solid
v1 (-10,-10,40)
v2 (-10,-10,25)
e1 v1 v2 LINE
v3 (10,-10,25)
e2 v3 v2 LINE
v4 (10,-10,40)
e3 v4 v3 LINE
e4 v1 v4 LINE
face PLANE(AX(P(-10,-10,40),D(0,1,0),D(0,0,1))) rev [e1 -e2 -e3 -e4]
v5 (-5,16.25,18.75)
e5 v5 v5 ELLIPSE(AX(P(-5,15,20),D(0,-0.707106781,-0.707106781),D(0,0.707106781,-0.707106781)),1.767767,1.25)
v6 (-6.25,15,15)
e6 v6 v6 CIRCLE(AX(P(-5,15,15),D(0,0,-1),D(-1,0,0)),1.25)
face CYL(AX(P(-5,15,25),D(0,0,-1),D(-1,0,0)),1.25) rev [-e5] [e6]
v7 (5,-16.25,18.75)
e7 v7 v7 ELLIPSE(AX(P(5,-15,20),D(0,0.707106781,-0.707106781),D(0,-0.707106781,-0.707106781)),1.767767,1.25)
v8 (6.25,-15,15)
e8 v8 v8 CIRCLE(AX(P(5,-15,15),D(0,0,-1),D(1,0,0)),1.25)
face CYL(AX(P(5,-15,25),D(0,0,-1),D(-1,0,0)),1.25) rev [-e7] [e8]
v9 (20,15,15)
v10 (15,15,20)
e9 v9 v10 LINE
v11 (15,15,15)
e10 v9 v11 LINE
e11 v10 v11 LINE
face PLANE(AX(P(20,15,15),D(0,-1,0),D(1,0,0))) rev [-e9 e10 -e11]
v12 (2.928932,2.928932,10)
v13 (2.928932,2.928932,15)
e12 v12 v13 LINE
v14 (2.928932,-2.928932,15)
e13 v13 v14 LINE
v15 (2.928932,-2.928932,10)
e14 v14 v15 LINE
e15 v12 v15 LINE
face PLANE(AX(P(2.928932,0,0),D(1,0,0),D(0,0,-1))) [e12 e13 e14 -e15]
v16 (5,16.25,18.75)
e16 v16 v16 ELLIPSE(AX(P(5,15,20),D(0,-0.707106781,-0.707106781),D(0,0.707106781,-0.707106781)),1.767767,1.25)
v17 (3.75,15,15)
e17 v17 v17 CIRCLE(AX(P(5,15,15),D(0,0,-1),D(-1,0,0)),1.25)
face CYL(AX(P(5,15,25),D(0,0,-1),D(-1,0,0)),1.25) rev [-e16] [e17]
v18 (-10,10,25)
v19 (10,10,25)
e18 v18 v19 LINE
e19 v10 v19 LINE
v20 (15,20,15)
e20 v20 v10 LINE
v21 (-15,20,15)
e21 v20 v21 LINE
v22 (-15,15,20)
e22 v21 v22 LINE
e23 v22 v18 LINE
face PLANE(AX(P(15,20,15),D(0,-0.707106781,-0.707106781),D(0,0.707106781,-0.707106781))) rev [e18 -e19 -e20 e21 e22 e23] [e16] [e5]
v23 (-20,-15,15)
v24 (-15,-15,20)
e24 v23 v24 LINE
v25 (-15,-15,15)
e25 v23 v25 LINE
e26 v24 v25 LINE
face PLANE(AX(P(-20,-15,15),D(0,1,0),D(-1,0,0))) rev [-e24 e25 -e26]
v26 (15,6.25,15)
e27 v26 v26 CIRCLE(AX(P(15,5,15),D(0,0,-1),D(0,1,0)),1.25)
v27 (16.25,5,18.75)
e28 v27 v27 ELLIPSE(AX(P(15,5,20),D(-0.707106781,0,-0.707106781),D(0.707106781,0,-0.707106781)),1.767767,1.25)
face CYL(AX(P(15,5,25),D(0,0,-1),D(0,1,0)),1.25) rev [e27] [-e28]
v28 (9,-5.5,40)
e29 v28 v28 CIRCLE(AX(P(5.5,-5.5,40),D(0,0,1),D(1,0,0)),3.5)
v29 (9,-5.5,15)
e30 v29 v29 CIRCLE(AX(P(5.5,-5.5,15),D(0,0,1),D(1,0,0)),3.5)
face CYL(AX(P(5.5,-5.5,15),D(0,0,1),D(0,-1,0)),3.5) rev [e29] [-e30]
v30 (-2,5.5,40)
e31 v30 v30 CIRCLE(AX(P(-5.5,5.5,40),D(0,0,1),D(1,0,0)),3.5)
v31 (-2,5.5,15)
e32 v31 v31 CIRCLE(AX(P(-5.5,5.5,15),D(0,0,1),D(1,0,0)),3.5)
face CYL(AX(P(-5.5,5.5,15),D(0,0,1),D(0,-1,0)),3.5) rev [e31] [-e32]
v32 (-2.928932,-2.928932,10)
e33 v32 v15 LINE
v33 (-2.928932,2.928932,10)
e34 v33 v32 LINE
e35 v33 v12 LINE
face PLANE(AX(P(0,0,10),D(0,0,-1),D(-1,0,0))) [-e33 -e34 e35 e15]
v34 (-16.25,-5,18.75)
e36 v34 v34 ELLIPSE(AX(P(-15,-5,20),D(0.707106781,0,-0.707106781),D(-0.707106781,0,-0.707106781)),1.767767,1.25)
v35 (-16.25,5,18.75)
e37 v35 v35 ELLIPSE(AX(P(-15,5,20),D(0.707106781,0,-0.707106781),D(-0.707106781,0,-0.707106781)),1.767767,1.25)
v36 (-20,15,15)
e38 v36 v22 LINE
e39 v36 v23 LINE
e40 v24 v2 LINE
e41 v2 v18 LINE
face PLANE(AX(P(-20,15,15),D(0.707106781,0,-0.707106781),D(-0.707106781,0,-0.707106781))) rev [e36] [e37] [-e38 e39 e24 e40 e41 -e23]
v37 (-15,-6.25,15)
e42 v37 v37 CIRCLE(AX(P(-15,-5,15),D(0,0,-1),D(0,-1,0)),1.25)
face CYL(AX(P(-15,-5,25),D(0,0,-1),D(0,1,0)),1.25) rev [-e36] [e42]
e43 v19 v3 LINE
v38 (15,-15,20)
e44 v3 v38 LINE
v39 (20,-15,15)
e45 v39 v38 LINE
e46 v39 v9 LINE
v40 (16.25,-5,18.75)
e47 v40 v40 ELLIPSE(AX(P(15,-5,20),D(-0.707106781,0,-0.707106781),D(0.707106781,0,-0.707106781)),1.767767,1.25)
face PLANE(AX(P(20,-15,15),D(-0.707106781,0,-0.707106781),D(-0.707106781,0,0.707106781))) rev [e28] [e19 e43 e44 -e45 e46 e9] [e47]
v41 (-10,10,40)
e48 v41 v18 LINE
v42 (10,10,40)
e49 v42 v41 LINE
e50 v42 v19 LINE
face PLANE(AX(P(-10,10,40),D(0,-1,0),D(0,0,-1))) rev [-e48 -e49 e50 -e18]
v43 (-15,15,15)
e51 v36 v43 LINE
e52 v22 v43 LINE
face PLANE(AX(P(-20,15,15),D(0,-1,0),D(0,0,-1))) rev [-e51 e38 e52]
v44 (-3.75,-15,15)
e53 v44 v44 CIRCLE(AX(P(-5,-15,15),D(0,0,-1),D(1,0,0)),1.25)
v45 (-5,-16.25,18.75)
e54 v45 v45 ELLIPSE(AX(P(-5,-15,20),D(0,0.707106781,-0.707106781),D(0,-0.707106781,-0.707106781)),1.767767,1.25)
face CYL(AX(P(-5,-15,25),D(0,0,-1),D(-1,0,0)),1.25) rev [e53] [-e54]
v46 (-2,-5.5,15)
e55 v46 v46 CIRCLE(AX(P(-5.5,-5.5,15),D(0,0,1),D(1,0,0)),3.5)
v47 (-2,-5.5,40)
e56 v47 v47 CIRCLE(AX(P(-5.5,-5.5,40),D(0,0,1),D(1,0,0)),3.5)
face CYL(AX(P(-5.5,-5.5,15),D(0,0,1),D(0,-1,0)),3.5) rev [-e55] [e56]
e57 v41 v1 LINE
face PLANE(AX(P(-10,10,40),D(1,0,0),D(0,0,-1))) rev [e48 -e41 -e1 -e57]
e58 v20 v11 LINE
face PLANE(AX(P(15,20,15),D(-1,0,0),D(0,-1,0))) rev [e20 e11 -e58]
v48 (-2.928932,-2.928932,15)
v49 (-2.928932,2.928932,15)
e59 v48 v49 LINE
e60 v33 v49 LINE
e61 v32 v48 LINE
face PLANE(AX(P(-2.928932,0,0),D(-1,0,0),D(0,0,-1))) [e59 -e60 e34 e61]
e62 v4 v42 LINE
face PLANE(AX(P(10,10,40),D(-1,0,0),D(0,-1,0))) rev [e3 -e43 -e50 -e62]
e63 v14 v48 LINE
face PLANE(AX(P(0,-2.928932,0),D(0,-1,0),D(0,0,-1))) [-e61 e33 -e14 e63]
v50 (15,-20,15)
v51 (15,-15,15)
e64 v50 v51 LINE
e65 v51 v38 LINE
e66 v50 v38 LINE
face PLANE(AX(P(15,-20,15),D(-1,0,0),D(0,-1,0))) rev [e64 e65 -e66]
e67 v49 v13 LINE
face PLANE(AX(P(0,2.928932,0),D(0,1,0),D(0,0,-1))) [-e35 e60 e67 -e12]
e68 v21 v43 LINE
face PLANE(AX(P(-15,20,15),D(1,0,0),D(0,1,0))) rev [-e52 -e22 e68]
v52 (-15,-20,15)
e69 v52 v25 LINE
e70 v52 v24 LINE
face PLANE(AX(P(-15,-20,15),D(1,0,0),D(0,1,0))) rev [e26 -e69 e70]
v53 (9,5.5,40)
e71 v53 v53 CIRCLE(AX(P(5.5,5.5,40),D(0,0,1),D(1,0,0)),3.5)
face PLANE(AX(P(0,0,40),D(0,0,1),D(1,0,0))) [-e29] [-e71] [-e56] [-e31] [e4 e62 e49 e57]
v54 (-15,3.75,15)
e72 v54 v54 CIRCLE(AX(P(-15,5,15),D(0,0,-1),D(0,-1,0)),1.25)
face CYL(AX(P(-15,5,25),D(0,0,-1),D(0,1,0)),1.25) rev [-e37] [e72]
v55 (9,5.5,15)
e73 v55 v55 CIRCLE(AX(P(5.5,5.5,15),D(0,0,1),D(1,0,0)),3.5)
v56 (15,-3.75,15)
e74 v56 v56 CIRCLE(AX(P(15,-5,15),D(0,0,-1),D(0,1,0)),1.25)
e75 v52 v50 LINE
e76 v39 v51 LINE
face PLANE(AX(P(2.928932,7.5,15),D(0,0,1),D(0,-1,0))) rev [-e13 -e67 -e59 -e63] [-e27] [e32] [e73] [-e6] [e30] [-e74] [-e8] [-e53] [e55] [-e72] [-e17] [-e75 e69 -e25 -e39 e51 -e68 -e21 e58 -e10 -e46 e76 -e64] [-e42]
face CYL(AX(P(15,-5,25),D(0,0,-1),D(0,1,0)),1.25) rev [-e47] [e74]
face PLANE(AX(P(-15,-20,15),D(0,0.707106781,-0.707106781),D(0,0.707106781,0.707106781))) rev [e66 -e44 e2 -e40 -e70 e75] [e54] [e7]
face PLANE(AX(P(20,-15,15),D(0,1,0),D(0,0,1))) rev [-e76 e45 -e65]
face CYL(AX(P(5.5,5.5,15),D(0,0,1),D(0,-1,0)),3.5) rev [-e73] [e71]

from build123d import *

# Parameters (mm, degrees)
SKETCH_1_W                = 20
SKETCH_1_H                = 20
EXTRUDE_1_DEPTH           = 40
SKETCH_2_W                = 10
SKETCH_2_H                = 15
CUT_EXTRUDE_1_DEPTH       = 7.071067812
PATTERN_CIRCULAR_1_COUNT  = 4
SKETCH_5_R                = 3.5
CUT_EXTRUDE_2_DEPTH       = 25
CUT_EXTRUDE_3_DEPTH       = 5
SKETCH_9_W                = 5.878932188
SKETCH_9_H                = 5.878932188
CUT_EXTRUDE_5_DEPTH       = 5
SKETCH_11_W               = 10
SKETCH_11_H               = 30
EXTRUDE_2_DEPTH           = 10
CUT_EXTRUDE_6_DEPTH       = 30
SKETCH_13_R               = 1.25
CUT_EXTRUDE_7_DEPTH       = 10
PATTERN_CIRCULAR_2_COUNT  = 4
SKETCH_16_W               = 20
SKETCH_16_H               = 10
CUT_EXTRUDE_11_DEPTH      = 40
SKETCH_17_W               = 20
SKETCH_17_H               = 20
SKETCH_17_W_2             = 5.857864376
SKETCH_17_H_2             = 5.857864376
CUT_EXTRUDE_12_DEPTH      = 5
CUT_EXTRUDE_13_DEPTH      = 54.851648071
CUT_EXTRUDE_13_DEPTH_BACK = 10


with BuildPart() as part:
    # 스케치1 → 보스-돌출1 (new body)
    with BuildSketch(Plane.XY):
        Rectangle(SKETCH_1_W, SKETCH_1_H)
    extrude(amount=EXTRUDE_1_DEPTH)

    # 스케치2 → 컷-돌출1 (cut)
    with BuildSketch(Plane(origin=(10, 0, 0), x_dir=(0, 0, -1), z_dir=(1, 0, 0))):
        with Locations((-10, 0)):
            Rectangle(SKETCH_2_W, SKETCH_2_H)
    cut_extrude_1 = extrude(amount=-CUT_EXTRUDE_1_DEPTH, mode=Mode.SUBTRACT)

    # 원형 패턴1: 컷-돌출1 ×4 about axis
    pattern_circular_1_axis = Axis((0, 0, 0), (0, 0, 1))
    for i in range(1, PATTERN_CIRCULAR_1_COUNT):
        add(cut_extrude_1.rotate(pattern_circular_1_axis, i * 360 / PATTERN_CIRCULAR_1_COUNT), mode=Mode.SUBTRACT)

    # 스케치5 → 컷-돌출2 (cut)
    with BuildSketch(Plane.XY.offset(40)):
        with Locations((-5.5, 5.5)):
            Circle(SKETCH_5_R)
        with Locations((5.5, 5.5)):
            Circle(SKETCH_5_R)
        with Locations(Location((-5.5, -5.5, 0), (0, 0, 235.150095421))):
            Circle(SKETCH_5_R)
        with Locations(Location((5.5, -5.5, 0), (0, 0, 304.849904579))):
            Circle(SKETCH_5_R)
    extrude(amount=-CUT_EXTRUDE_2_DEPTH, mode=Mode.SUBTRACT)

    # 스케치6 → 컷-돌출3 (cut)
    with BuildSketch(Plane(origin=(0, 0, 0), x_dir=(-1, 0, 0), z_dir=(0, 0, -1))):
        Polygon((-14.808802863, -2.95), (-14.808802863, 2.95), (-2.95, 2.95), (-2.95, 12.360254216), (2.95, 12.360254216), (2.95, 2.95), (13.852115441, 2.95), (13.852115441, -2.95), (2.95, -2.95), (2.95, -13.975695818), (-2.95, -13.975695818), (-2.95, -2.95), align=None)
    extrude(amount=-CUT_EXTRUDE_3_DEPTH, mode=Mode.SUBTRACT)

    # 스케치9 → 컷-돌출5 (cut)
    with BuildSketch(Plane(origin=(0, 0, 5), x_dir=(-1, 0, 0), z_dir=(0, 0, -1))):
        with Locations((0.010533906, -0.010533906)):
            Rectangle(SKETCH_9_W, SKETCH_9_H)
    extrude(amount=-CUT_EXTRUDE_5_DEPTH, mode=Mode.SUBTRACT)

    # 스케치11 → 보스-돌출2 (add)
    with BuildSketch(Plane(origin=(10, 0, 0), x_dir=(0, 0, -1), z_dir=(1, 0, 0))):
        with Locations((-20, 0)):
            Rectangle(SKETCH_11_W, SKETCH_11_H)
    extrude_2 = extrude(amount=EXTRUDE_2_DEPTH)

    # 스케치12 → 컷-돌출6 (cut)
    with BuildSketch(Plane(origin=(0, 15, 0), x_dir=(1, 0, 0), z_dir=(0, 1, 0))):
        Polygon((20, -15), (10, -25), (20, -25), align=None)
    cut_extrude_6 = extrude(amount=-CUT_EXTRUDE_6_DEPTH, mode=Mode.SUBTRACT)

    # 스케치13 → 컷-돌출7 (cut)
    with BuildSketch(Plane(origin=(0, 0, 15), x_dir=(-1, 0, 0), z_dir=(0, 0, -1))):
        with Locations(Location((-15, -5, 0), (0, 0, 90))):
            Circle(SKETCH_13_R)
        with Locations(Location((-15, 5, 0), (0, 0, 90))):
            Circle(SKETCH_13_R)
    cut_extrude_7 = extrude(amount=-CUT_EXTRUDE_7_DEPTH, mode=Mode.SUBTRACT)

    # 원형 패턴2: 보스-돌출2, 컷-돌출6, 컷-돌출7 ×4 about axis
    pattern_circular_2_axis = Axis((0, 0, 0), (0, 0, 1))
    add([extrude_2.rotate(pattern_circular_2_axis, i * 360 / PATTERN_CIRCULAR_2_COUNT) for i in range(1, PATTERN_CIRCULAR_2_COUNT)])
    add([cut_extrude_6.rotate(pattern_circular_2_axis, i * 360 / PATTERN_CIRCULAR_2_COUNT) for i in range(1, PATTERN_CIRCULAR_2_COUNT)], mode=Mode.SUBTRACT)
    add([cut_extrude_7.rotate(pattern_circular_2_axis, i * 360 / PATTERN_CIRCULAR_2_COUNT) for i in range(1, PATTERN_CIRCULAR_2_COUNT)], mode=Mode.SUBTRACT)

    # 스케치16 → 컷-돌출11 (cut)
    with BuildSketch(Plane.XZ.offset(10)):
        with Locations((0, 5)):
            Rectangle(SKETCH_16_W, SKETCH_16_H)
    extrude(amount=-CUT_EXTRUDE_11_DEPTH, mode=Mode.SUBTRACT)

    # 스케치17 → 컷-돌출12 (cut)
    with BuildSketch(Plane(origin=(0, 0, 10), x_dir=(-1, 0, 0), z_dir=(0, 0, -1))):
        Rectangle(SKETCH_17_W, SKETCH_17_H)
        Rectangle(SKETCH_17_W_2, SKETCH_17_H_2, mode=Mode.SUBTRACT)
    extrude(amount=-CUT_EXTRUDE_12_DEPTH, mode=Mode.SUBTRACT)

    # 스케치18 → 컷-돌출13 (cut, two sides: drawn at the far end of the back side and taken through both)
    with BuildSketch(Plane.XZ.offset(-10).offset(-CUT_EXTRUDE_13_DEPTH_BACK)):
        Polygon((10, 25), (15, 25), (15, 20), align=None)
    extrude(amount=CUT_EXTRUDE_13_DEPTH + CUT_EXTRUDE_13_DEPTH_BACK, mode=Mode.SUBTRACT)


solid = part.part
